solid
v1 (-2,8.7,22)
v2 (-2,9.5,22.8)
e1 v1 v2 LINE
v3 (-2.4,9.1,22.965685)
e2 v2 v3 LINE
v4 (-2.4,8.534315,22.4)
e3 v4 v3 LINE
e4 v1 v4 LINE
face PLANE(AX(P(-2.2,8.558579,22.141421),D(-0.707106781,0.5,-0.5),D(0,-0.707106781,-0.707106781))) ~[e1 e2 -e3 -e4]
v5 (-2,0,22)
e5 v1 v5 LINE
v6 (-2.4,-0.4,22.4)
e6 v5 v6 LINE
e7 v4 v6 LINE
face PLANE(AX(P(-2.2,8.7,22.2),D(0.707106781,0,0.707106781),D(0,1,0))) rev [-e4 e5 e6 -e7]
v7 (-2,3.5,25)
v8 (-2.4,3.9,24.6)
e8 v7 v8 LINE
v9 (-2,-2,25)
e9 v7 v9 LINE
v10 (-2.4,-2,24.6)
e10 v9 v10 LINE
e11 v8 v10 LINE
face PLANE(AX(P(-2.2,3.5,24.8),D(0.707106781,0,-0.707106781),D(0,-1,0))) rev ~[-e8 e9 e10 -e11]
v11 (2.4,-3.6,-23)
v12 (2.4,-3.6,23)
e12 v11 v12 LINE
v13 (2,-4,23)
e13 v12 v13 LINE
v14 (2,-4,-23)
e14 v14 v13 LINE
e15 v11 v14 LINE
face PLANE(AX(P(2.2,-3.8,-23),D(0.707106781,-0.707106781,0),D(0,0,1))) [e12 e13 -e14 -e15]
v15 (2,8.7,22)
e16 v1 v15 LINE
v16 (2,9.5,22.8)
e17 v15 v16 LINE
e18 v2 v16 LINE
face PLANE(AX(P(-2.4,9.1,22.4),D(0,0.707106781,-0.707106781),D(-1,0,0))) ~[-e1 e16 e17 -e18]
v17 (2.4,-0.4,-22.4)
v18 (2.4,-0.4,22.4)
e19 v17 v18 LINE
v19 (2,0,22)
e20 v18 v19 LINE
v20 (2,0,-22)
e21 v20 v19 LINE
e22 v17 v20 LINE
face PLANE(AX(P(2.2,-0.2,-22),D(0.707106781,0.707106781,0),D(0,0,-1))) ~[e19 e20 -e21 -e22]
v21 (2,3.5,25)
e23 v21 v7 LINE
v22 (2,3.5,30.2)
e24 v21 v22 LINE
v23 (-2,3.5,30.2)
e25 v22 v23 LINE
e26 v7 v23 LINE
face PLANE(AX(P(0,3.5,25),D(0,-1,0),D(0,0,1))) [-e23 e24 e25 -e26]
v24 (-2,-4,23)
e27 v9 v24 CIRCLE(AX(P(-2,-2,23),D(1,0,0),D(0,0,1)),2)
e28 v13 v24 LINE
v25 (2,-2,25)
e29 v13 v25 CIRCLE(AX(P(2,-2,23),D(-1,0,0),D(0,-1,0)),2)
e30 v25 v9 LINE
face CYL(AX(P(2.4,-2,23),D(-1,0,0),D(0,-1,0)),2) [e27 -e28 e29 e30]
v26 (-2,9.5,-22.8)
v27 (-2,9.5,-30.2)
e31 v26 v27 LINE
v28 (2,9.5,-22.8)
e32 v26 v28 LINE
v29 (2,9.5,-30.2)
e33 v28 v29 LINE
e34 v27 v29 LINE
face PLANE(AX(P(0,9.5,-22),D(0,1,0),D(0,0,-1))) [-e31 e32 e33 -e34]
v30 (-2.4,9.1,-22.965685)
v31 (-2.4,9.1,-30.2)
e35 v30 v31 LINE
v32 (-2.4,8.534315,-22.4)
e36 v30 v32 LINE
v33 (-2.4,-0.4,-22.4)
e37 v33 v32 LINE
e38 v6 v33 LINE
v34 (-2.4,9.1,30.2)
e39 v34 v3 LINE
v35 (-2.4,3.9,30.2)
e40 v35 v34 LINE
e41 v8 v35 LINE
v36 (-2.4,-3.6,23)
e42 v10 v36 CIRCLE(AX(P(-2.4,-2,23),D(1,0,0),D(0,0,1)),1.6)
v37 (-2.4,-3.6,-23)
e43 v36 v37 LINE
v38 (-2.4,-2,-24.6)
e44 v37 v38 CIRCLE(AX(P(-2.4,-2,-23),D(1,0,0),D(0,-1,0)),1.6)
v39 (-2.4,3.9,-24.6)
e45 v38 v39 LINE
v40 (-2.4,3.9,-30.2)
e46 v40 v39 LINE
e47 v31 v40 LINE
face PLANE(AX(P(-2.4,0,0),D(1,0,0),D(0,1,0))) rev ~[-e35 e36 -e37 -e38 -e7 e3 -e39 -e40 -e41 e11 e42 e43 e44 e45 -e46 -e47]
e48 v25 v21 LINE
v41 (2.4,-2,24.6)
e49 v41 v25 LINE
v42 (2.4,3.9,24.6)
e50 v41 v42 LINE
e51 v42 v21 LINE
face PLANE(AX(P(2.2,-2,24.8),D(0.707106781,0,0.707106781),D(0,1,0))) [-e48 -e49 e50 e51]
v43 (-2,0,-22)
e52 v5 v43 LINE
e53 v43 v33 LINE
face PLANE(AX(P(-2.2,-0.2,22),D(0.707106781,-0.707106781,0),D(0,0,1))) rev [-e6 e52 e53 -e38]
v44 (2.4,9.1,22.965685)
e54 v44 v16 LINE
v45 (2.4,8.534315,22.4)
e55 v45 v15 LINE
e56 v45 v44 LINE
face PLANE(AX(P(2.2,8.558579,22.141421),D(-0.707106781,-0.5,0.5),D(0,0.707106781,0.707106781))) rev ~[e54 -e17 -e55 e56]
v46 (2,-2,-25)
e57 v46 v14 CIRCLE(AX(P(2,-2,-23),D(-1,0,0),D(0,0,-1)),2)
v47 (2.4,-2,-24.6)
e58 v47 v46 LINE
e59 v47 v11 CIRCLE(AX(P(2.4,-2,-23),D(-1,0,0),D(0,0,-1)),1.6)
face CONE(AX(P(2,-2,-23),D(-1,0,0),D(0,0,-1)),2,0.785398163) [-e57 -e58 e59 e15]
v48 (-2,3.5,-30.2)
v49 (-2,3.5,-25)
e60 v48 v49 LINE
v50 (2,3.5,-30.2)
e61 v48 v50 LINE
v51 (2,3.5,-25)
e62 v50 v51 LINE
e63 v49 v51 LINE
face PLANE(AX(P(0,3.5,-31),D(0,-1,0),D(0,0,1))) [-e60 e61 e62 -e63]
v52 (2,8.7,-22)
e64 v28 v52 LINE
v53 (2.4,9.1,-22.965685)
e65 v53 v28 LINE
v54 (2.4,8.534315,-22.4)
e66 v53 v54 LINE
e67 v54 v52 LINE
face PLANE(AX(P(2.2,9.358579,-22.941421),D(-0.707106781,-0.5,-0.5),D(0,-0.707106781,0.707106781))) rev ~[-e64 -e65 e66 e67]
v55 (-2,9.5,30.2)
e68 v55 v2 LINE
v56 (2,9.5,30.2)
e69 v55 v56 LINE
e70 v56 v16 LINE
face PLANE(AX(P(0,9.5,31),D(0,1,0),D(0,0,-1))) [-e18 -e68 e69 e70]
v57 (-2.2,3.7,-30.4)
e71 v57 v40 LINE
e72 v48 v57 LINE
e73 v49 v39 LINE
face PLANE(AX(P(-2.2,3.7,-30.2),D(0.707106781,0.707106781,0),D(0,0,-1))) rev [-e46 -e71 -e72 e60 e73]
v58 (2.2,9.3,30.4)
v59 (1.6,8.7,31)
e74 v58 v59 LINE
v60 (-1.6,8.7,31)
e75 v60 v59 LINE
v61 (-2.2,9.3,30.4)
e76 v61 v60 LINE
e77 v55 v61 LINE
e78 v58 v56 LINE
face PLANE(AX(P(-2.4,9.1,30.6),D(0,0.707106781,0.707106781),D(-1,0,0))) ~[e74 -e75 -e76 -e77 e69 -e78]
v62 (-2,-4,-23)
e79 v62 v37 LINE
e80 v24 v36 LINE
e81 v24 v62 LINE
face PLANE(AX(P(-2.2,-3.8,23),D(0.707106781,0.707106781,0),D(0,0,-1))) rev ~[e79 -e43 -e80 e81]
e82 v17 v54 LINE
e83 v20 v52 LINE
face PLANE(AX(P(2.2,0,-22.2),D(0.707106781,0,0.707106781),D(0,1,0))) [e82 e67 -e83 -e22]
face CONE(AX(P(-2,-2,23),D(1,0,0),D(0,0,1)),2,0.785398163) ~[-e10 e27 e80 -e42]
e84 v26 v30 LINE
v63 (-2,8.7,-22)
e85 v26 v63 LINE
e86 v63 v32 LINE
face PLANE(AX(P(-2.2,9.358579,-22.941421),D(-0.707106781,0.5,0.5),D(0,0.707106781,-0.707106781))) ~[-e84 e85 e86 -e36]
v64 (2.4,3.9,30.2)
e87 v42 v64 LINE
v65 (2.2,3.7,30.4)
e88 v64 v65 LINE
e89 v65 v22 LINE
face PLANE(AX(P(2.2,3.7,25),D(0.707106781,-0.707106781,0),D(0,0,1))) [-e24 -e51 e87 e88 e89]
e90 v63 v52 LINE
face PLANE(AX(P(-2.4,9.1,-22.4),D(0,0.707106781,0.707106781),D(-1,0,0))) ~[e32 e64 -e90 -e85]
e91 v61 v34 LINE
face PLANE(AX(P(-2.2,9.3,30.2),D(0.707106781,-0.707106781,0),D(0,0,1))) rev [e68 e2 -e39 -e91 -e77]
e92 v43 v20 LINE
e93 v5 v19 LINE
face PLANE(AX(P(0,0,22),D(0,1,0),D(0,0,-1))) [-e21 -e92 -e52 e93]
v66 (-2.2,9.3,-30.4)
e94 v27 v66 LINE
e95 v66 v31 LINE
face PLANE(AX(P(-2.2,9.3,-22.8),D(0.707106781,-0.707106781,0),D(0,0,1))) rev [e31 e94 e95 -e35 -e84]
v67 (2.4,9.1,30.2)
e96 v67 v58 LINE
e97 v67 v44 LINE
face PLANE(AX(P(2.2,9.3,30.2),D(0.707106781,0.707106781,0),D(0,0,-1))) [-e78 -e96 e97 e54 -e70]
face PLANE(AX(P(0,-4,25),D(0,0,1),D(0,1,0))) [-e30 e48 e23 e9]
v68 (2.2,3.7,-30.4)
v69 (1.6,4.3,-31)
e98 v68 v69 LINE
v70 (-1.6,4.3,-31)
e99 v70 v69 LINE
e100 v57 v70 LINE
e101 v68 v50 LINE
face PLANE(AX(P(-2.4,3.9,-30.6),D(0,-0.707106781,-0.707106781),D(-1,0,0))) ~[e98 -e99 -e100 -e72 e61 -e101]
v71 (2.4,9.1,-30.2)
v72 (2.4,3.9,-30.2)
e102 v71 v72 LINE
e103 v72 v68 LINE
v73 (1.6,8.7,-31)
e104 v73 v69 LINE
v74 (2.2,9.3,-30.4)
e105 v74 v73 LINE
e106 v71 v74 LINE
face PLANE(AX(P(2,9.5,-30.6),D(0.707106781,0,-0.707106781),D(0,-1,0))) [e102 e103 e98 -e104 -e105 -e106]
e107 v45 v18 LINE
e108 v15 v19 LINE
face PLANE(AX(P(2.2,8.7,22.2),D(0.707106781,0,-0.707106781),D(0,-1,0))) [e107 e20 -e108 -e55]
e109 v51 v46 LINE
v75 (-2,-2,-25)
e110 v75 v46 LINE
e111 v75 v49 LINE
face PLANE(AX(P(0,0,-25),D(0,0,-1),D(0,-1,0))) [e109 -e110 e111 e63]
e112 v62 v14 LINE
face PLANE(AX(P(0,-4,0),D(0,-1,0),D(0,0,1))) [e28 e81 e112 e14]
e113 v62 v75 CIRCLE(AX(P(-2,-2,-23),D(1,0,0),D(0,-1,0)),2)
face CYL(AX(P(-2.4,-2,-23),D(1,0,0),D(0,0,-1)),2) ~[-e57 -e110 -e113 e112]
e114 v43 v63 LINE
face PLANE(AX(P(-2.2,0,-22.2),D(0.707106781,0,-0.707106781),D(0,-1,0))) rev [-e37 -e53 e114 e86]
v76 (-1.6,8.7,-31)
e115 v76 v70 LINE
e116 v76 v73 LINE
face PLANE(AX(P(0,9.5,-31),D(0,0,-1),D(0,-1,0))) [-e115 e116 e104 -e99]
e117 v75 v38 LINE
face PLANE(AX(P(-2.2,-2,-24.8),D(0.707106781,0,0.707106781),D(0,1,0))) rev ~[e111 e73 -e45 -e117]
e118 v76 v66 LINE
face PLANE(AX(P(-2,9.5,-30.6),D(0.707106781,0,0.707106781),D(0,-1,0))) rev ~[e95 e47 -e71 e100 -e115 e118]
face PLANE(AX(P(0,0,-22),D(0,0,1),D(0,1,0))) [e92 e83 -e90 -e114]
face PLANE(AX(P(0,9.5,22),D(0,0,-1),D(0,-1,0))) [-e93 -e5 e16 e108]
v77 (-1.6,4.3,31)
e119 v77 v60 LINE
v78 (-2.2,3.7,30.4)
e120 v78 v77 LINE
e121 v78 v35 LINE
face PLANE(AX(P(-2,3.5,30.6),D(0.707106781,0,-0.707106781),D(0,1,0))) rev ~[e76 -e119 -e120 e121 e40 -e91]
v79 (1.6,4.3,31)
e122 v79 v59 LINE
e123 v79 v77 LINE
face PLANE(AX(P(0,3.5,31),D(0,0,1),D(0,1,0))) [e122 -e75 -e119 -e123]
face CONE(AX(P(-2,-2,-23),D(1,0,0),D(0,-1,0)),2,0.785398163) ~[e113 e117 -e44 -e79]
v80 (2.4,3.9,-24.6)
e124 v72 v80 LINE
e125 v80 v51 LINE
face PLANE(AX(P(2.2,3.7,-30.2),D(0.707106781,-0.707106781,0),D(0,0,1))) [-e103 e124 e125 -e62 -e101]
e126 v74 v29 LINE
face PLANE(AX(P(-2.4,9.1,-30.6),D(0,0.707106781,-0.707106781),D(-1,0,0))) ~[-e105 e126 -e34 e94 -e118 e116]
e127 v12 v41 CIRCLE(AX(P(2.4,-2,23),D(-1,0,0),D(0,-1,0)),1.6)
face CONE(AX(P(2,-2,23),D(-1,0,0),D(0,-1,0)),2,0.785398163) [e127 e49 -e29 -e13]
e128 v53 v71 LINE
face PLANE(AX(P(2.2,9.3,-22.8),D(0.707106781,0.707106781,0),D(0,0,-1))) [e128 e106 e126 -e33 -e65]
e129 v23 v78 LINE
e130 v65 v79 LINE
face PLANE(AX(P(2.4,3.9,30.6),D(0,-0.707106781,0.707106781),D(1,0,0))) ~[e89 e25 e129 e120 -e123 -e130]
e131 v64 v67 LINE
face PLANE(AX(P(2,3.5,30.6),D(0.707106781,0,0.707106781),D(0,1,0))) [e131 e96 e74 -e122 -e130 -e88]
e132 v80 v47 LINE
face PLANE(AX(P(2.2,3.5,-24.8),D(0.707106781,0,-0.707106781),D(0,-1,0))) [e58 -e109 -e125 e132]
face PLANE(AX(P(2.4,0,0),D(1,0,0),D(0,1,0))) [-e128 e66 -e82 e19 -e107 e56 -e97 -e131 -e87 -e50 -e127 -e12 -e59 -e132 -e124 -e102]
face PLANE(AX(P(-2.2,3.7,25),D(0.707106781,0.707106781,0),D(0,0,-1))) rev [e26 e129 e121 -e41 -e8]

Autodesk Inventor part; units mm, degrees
ref_plane "YZ Plane" through (0, 0, 0) normal (1, 0, 0) x (0, 1, 0)
ref_plane "XZ Plane" through (0, 0, 0) normal (0, 1, 0) x (-1, 0, 0)
ref_plane "XY Plane" through (0, 0, 0) normal (0, 0, 1) x (1, 0, 0)
sketch "スケッチ1" plane through (0, 0, 0) normal (1, 0, 0) x (0, 1, 0)
  line L0 (-6.7, 0) -> (12.2, 0) projected
  line L1 (0, 43.4) -> (0, -43.4) projected
  line L2 (0, 22) -> (0, -22)
  line L3 (0, -22) -> (9.5, -22)
  line L4 (9.5, -22) -> (9.5, -31)
  line L5 (9.5, -31) -> (3.5, -31)
  line L6 (3.5, -31) -> (3.5, -25)
  line L7 (3.5, -25) -> (-4, -25)
  line L8 (-4, -25) -> (-4, 25)
  line L9 (-4, 25) -> (3.5, 25)
  line L10 (3.5, 25) -> (3.5, 31)
  line L11 (3.5, 31) -> (9.5, 31)
  line L12 (9.5, 31) -> (9.5, 22)
  line L13 (9.5, 22) -> (0, 22)
  point P0 (0, 0)
  dimension "d0" = 3.5
  dimension "d1" = 4
  dimension "d2" = 50
  dimension "d3" = 6
  dimension "d4" = 3
  dimension "d5" = 6
extrude "押し出し1" add sketch "スケッチ1" along normal mid plane 4.8
chamfer "面取り1" distance 0.8 angle 45 10 edges at (0, 9.5, 31) (0, 3.5, 31) (2.4, 6.5, 31) (-2.4, 6.5, 31) (2.4, 6.5, -31) (0, 9.5, -31) (-2.4, 6.5, -31) (0, 3.5, -31) (0, 9.5, 22) (0, 9.5, -22)
fillet "フィレット1" radius 2 2 edges at (0, -4, 25) (0, -4, -25)
chamfer "面取り2" distance 0.4 angle 45 28 edges at (2.4, -4, 0) (2.4, -3.4142, -24.4142) (2.4, 0.75, -25) (2.4, 3.5, -27.6) (2.4, -3.4142, 24.4142) (2.4, 0.75, 25) (2.4, 3.5, 27.6) (-2.4, 0.75, 25) (-2.4, -3.4142, 24.4142) (-2.4, 3.5, 27.6) (-2.4, -4, 0) (-2.4, -3.4142, -24.4142) (-2.4, 0.75, -25) (-2.4, 3.5, -27.6) (2.4, 0, 0) (-2.4, 0, 0) (2.4, 4.35, -22) (2.4, 9.1, -22.4) (2.4, 9.5, -26.5) (-2.4, 9.5, -26.5) (-2.4, 9.1, -22.4) (-2.4, 4.35, -22) (-2.4, 4.35, 22) (-2.4, 9.1, 22.4) (-2.4, 9.5, 26.5) (2.4, 9.5, 26.5) (2.4, 9.1, 22.4) (2.4, 4.35, 22)
properties part number "TrussCC_S1" material "ABS プラスチック"
